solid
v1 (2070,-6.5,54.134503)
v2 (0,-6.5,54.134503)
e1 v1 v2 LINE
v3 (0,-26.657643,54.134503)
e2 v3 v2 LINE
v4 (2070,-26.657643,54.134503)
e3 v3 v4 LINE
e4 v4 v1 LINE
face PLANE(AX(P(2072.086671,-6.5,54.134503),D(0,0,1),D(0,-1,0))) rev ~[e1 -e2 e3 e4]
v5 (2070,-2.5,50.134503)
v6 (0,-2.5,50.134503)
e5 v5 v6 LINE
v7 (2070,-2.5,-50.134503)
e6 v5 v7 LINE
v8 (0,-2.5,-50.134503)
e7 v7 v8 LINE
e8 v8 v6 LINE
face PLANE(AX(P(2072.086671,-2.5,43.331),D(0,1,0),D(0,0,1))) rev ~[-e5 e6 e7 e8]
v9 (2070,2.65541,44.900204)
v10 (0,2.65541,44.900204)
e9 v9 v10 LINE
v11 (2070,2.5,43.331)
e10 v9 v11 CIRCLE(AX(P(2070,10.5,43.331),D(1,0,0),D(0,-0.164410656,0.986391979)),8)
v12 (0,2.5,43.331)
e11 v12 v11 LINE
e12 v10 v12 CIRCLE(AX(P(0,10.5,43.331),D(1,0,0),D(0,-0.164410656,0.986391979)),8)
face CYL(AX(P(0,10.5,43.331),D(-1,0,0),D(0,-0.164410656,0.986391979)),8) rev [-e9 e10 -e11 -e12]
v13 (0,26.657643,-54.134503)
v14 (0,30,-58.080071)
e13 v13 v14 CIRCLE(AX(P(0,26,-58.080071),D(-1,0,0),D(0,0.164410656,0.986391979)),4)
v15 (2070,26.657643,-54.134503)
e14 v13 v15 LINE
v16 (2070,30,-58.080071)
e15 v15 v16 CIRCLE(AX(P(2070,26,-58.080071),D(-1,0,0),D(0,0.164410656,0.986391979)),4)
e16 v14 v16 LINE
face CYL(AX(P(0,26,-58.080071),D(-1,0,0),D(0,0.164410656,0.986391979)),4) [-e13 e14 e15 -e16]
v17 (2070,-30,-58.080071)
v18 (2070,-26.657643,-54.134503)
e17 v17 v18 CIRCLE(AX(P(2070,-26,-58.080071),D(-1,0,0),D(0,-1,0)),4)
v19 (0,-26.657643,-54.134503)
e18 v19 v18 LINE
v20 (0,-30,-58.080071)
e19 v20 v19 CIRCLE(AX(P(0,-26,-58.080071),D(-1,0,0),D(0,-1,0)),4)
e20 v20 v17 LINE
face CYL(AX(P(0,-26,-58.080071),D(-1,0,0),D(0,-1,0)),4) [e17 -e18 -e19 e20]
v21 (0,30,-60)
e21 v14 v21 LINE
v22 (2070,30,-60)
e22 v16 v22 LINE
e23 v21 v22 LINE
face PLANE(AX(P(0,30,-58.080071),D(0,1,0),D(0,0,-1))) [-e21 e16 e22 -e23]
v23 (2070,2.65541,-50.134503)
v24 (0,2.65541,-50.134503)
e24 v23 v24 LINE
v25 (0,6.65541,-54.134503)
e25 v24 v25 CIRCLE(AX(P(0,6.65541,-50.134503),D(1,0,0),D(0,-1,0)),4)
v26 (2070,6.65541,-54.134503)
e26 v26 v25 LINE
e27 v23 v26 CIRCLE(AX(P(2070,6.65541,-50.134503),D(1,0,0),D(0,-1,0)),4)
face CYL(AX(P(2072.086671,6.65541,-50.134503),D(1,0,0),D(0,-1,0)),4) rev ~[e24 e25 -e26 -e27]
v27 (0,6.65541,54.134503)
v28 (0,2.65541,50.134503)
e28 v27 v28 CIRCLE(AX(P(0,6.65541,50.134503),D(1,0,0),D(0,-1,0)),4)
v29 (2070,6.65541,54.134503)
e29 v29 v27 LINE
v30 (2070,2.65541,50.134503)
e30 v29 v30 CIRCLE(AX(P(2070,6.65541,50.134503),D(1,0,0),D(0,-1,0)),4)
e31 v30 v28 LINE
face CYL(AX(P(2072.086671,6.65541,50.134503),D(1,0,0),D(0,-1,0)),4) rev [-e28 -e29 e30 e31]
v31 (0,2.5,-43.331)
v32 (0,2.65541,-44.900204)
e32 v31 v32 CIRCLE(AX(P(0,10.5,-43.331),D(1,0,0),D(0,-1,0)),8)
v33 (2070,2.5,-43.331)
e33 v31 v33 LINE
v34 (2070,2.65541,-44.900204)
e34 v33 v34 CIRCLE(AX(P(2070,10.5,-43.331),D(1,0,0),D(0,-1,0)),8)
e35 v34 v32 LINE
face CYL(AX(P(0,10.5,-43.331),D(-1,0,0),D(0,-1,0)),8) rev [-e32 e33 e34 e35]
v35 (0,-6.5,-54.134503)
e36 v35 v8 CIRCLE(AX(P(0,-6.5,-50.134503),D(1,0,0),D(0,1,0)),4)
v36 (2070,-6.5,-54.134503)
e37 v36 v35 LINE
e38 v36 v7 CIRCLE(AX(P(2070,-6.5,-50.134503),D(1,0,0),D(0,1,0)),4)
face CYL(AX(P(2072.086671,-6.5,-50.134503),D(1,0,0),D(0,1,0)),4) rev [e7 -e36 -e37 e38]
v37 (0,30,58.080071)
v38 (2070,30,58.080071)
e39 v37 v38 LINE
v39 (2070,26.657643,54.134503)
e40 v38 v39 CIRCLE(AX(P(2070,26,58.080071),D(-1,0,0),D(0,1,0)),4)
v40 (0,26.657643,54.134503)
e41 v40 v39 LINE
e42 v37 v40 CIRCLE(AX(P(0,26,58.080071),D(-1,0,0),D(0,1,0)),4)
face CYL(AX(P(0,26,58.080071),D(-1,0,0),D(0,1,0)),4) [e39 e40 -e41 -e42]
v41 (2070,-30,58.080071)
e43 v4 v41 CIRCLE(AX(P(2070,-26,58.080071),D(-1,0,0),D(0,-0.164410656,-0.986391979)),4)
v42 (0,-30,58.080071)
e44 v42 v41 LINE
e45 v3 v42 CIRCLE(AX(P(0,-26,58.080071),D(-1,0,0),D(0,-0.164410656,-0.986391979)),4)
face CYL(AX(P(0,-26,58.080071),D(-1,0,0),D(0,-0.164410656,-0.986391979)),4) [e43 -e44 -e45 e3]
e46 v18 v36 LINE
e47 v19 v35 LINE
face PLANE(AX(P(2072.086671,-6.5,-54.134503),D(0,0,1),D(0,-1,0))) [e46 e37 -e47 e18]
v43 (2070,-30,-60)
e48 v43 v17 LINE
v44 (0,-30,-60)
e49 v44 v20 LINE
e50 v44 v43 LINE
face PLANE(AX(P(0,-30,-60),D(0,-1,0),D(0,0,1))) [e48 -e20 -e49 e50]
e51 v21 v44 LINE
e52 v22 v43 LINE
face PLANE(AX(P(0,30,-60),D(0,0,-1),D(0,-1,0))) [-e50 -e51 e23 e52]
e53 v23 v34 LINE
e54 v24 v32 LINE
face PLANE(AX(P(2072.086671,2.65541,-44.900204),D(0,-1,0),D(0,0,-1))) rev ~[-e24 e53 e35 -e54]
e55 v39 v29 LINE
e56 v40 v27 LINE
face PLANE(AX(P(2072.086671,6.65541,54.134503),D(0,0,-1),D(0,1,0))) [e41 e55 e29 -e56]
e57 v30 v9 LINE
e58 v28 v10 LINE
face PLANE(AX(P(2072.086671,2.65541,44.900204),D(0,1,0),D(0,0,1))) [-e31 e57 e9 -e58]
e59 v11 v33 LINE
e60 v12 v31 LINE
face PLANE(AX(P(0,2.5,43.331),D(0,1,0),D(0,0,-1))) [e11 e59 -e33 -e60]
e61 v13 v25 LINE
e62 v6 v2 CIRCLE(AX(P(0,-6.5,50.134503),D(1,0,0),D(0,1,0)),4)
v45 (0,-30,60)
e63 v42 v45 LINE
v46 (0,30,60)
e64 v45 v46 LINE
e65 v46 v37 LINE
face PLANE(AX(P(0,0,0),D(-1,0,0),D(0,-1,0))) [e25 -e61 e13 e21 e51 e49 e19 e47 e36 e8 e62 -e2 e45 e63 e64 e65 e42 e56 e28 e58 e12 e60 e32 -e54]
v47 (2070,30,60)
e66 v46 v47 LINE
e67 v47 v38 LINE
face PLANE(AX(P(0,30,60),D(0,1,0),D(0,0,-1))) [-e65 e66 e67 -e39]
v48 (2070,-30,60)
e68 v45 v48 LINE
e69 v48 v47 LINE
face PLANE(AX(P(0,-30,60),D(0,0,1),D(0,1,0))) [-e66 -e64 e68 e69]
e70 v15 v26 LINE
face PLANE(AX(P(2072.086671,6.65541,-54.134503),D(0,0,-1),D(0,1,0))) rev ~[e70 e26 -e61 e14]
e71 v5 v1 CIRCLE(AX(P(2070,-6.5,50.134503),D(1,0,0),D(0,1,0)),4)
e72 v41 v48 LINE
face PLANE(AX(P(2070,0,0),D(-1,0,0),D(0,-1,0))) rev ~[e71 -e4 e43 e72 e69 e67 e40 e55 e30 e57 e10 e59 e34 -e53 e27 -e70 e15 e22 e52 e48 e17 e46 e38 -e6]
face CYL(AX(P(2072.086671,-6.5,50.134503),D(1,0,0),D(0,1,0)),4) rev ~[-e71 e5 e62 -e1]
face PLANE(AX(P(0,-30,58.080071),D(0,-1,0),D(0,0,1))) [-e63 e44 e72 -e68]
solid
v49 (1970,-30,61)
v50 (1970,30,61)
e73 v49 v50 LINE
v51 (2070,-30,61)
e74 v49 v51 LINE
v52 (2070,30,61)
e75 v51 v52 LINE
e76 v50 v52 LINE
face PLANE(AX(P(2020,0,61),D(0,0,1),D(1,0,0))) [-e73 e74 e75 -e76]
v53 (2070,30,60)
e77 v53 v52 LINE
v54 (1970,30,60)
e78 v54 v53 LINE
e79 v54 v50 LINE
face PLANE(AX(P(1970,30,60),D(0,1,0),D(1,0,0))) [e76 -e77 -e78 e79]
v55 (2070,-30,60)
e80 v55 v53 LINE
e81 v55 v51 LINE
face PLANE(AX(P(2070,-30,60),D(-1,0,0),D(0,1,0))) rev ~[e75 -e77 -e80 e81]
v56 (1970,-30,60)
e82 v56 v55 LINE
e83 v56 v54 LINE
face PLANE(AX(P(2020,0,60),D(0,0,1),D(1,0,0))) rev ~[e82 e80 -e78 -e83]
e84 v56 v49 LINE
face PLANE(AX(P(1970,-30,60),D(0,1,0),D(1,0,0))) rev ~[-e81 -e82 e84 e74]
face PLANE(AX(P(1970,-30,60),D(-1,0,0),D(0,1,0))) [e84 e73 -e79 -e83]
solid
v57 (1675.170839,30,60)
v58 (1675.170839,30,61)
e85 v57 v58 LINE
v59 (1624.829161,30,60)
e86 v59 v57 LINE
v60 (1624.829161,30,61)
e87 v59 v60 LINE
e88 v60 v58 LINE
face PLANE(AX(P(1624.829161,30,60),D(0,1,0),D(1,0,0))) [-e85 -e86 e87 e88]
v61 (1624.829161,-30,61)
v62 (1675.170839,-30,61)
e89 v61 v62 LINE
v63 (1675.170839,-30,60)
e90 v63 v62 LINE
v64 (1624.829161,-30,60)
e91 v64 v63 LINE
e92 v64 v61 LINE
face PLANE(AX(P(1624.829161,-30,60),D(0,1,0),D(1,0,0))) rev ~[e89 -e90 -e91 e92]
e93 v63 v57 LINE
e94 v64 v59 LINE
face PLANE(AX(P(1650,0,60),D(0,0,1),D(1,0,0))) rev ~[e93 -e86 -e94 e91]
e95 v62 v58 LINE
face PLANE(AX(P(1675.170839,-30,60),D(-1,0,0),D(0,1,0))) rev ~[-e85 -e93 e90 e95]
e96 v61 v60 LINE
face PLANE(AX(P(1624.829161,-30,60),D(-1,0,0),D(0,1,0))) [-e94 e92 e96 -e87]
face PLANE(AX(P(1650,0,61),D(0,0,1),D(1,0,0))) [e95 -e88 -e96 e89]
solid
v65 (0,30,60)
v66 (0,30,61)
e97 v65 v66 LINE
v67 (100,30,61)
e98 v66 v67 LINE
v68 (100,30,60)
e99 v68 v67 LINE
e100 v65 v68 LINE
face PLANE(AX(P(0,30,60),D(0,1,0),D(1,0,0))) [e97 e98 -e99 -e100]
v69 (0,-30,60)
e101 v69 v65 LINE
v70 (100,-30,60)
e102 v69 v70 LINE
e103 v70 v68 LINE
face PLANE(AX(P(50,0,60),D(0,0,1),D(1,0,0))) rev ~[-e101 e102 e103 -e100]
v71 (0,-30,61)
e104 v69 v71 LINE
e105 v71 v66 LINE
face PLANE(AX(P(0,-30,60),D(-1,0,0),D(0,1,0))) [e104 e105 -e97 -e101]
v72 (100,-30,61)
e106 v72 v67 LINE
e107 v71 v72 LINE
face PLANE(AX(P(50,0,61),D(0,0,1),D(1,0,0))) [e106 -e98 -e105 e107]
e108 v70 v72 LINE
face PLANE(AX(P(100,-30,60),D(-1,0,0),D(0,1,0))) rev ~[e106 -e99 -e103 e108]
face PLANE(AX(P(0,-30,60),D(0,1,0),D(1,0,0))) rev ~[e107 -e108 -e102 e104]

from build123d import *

# Parameters (mm, degrees)
VIGA_SB_120_X_12_2_DEPTH   = 2070
CORTAR_EXTRUIR1_DEPTH      = 2072.086671291
CORTAR_EXTRUIR1_DEPTH_BACK = 2072.086671291
CROQUIS4_W                 = 50.341677604
CROQUIS4_H                 = 60
SALIENTE_EXTRUIR1_DEPTH    = 1
CROQUIS6_W                 = 100
CROQUIS6_H                 = 60
SALIENTE_EXTRUIR2_DEPTH    = 1
SALIENTE_EXTRUIR2_2_DEPTH  = 1


with BuildPart() as part:
    # Sketch12 → Viga sb 120 X 12(2) (new body)
    with BuildSketch(Plane.YZ):
        with BuildLine():
            Line((-30, -60), (-30, -58.080070835))
            ThreePointArc((-30, -58.080070835), (-29.052095223, -55.494589303), (-26.657642624, -54.134502919))
            Line((-26.657642624, -54.134502919), (-9.184714752, -51.222135832))
            ThreePointArc((-9.184714752, -51.222135832), (-4.395809555, -48.501963064), (-2.5, -43.331))
            Line((-2.5, -43.331), (-2.5, 43.331))
            ThreePointArc((-2.5, 43.331), (-4.395809555, 48.501963064), (-9.184714752, 51.222135832))
            Line((-9.184714752, 51.222135832), (-26.657642624, 54.134502919))
            ThreePointArc((-26.657642624, 54.134502919), (-29.052095223, 55.494589303), (-30, 58.080070835))
            Line((-30, 58.080070835), (-30, 60))
            Line((-30, 60), (30, 60))
            Line((30, 60), (30, 58.080070835))
            ThreePointArc((30, 58.080070835), (29.052095223, 55.494589303), (26.657642624, 54.134502919))
            Line((26.657642624, 54.134502919), (9.184714752, 51.222135832))
            ThreePointArc((9.184714752, 51.222135832), (4.395809555, 48.501963064), (2.5, 43.331))
            Line((2.5, 43.331), (2.5, -43.331))
            ThreePointArc((2.5, -43.331), (4.395809555, -48.501963064), (9.184714752, -51.222135832))
            Line((9.184714752, -51.222135832), (26.657642624, -54.134502919))
            ThreePointArc((26.657642624, -54.134502919), (29.052095223, -55.494589303), (30, -58.080070835))
            Line((30, -58.080070835), (30, -60))
            Line((30, -60), (-30, -60))
        make_face()
    extrude(amount=VIGA_SB_120_X_12_2_DEPTH)

    # Croquis3 → Cortar-Extruir1 (cut, two sides: drawn at the far end of the back side and taken through both)
    with BuildSketch(Plane.ZY.offset(-CORTAR_EXTRUIR1_DEPTH_BACK)):
        with BuildLine():
            Line((54.134502919, 26.657642624), (44.900203823, 26.657642624))
            Line((44.900203823, 26.657642624), (44.900203823, 2.655409548))
            Line((44.900203823, 2.655409548), (50.134502919, 2.655409548))
            ThreePointArc((50.134502919, 2.655409548), (52.962930044, 3.826982423), (54.134502919, 6.655409548))
            Line((54.134502919, 6.655409548), (54.134502919, 26.657642624))
        make_face()
        with BuildLine():
            Line((54.134502919, -26.657642624), (43.331, -26.657642624))
            Line((43.331, -26.657642624), (43.331, -2.5))
            Line((43.331, -2.5), (50.134502919, -2.5))
            ThreePointArc((50.134502919, -2.5), (52.962930044, -3.671572875), (54.134502919, -6.5))
            Line((54.134502919, -6.5), (54.134502919, -26.657642624))
        make_face()
        with BuildLine():
            Line((-43.331, -26.657642624), (-43.331, -2.5))
            Line((-43.331, -2.5), (-50.134502919, -2.5))
            ThreePointArc((-50.134502919, -2.5), (-52.962930044, -3.671572875), (-54.134502919, -6.5))
            Line((-54.134502919, -6.5), (-54.134502919, -26.657642624))
            Line((-54.134502919, -26.657642624), (-43.331, -26.657642624))
        make_face()
        with BuildLine():
            Line((-44.900203823, 26.657642624), (-44.900203823, 2.655409548))
            Line((-44.900203823, 2.655409548), (-50.134502919, 2.655409548))
            ThreePointArc((-50.134502919, 2.655409548), (-52.962930044, 3.826982423), (-54.134502919, 6.655409548))
            Line((-54.134502919, 6.655409548), (-54.134502919, 26.657642624))
            Line((-54.134502919, 26.657642624), (-44.900203823, 26.657642624))
        make_face()
    extrude(amount=CORTAR_EXTRUIR1_DEPTH + CORTAR_EXTRUIR1_DEPTH_BACK, mode=Mode.SUBTRACT)


with BuildPart() as body_2:
    # Croquis4 → Saliente-Extruir1 (new body)
    with BuildSketch(Plane.XY.offset(60)):
        with Locations((1650, 0)):
            Rectangle(CROQUIS4_W, CROQUIS4_H)
    extrude(amount=SALIENTE_EXTRUIR1_DEPTH)


with BuildPart() as body_3:
    # Croquis6 → Saliente-Extruir2 (new body)
    with BuildSketch(Plane.XY.offset(60)):
        with Locations((2020, 0)):
            Rectangle(CROQUIS6_W, CROQUIS6_H)
    extrude(amount=SALIENTE_EXTRUIR2_DEPTH)


with BuildPart() as body_4:
    # Croquis6 → Saliente-Extruir2 2 (new body)
    with BuildSketch(Plane.XY.offset(60)):
        with Locations((50, 0)):
            Rectangle(CROQUIS6_W, CROQUIS6_H)
    extrude(amount=SALIENTE_EXTRUIR2_2_DEPTH)


solid = Compound([part.part, body_2.part, body_3.part, body_4.part])
